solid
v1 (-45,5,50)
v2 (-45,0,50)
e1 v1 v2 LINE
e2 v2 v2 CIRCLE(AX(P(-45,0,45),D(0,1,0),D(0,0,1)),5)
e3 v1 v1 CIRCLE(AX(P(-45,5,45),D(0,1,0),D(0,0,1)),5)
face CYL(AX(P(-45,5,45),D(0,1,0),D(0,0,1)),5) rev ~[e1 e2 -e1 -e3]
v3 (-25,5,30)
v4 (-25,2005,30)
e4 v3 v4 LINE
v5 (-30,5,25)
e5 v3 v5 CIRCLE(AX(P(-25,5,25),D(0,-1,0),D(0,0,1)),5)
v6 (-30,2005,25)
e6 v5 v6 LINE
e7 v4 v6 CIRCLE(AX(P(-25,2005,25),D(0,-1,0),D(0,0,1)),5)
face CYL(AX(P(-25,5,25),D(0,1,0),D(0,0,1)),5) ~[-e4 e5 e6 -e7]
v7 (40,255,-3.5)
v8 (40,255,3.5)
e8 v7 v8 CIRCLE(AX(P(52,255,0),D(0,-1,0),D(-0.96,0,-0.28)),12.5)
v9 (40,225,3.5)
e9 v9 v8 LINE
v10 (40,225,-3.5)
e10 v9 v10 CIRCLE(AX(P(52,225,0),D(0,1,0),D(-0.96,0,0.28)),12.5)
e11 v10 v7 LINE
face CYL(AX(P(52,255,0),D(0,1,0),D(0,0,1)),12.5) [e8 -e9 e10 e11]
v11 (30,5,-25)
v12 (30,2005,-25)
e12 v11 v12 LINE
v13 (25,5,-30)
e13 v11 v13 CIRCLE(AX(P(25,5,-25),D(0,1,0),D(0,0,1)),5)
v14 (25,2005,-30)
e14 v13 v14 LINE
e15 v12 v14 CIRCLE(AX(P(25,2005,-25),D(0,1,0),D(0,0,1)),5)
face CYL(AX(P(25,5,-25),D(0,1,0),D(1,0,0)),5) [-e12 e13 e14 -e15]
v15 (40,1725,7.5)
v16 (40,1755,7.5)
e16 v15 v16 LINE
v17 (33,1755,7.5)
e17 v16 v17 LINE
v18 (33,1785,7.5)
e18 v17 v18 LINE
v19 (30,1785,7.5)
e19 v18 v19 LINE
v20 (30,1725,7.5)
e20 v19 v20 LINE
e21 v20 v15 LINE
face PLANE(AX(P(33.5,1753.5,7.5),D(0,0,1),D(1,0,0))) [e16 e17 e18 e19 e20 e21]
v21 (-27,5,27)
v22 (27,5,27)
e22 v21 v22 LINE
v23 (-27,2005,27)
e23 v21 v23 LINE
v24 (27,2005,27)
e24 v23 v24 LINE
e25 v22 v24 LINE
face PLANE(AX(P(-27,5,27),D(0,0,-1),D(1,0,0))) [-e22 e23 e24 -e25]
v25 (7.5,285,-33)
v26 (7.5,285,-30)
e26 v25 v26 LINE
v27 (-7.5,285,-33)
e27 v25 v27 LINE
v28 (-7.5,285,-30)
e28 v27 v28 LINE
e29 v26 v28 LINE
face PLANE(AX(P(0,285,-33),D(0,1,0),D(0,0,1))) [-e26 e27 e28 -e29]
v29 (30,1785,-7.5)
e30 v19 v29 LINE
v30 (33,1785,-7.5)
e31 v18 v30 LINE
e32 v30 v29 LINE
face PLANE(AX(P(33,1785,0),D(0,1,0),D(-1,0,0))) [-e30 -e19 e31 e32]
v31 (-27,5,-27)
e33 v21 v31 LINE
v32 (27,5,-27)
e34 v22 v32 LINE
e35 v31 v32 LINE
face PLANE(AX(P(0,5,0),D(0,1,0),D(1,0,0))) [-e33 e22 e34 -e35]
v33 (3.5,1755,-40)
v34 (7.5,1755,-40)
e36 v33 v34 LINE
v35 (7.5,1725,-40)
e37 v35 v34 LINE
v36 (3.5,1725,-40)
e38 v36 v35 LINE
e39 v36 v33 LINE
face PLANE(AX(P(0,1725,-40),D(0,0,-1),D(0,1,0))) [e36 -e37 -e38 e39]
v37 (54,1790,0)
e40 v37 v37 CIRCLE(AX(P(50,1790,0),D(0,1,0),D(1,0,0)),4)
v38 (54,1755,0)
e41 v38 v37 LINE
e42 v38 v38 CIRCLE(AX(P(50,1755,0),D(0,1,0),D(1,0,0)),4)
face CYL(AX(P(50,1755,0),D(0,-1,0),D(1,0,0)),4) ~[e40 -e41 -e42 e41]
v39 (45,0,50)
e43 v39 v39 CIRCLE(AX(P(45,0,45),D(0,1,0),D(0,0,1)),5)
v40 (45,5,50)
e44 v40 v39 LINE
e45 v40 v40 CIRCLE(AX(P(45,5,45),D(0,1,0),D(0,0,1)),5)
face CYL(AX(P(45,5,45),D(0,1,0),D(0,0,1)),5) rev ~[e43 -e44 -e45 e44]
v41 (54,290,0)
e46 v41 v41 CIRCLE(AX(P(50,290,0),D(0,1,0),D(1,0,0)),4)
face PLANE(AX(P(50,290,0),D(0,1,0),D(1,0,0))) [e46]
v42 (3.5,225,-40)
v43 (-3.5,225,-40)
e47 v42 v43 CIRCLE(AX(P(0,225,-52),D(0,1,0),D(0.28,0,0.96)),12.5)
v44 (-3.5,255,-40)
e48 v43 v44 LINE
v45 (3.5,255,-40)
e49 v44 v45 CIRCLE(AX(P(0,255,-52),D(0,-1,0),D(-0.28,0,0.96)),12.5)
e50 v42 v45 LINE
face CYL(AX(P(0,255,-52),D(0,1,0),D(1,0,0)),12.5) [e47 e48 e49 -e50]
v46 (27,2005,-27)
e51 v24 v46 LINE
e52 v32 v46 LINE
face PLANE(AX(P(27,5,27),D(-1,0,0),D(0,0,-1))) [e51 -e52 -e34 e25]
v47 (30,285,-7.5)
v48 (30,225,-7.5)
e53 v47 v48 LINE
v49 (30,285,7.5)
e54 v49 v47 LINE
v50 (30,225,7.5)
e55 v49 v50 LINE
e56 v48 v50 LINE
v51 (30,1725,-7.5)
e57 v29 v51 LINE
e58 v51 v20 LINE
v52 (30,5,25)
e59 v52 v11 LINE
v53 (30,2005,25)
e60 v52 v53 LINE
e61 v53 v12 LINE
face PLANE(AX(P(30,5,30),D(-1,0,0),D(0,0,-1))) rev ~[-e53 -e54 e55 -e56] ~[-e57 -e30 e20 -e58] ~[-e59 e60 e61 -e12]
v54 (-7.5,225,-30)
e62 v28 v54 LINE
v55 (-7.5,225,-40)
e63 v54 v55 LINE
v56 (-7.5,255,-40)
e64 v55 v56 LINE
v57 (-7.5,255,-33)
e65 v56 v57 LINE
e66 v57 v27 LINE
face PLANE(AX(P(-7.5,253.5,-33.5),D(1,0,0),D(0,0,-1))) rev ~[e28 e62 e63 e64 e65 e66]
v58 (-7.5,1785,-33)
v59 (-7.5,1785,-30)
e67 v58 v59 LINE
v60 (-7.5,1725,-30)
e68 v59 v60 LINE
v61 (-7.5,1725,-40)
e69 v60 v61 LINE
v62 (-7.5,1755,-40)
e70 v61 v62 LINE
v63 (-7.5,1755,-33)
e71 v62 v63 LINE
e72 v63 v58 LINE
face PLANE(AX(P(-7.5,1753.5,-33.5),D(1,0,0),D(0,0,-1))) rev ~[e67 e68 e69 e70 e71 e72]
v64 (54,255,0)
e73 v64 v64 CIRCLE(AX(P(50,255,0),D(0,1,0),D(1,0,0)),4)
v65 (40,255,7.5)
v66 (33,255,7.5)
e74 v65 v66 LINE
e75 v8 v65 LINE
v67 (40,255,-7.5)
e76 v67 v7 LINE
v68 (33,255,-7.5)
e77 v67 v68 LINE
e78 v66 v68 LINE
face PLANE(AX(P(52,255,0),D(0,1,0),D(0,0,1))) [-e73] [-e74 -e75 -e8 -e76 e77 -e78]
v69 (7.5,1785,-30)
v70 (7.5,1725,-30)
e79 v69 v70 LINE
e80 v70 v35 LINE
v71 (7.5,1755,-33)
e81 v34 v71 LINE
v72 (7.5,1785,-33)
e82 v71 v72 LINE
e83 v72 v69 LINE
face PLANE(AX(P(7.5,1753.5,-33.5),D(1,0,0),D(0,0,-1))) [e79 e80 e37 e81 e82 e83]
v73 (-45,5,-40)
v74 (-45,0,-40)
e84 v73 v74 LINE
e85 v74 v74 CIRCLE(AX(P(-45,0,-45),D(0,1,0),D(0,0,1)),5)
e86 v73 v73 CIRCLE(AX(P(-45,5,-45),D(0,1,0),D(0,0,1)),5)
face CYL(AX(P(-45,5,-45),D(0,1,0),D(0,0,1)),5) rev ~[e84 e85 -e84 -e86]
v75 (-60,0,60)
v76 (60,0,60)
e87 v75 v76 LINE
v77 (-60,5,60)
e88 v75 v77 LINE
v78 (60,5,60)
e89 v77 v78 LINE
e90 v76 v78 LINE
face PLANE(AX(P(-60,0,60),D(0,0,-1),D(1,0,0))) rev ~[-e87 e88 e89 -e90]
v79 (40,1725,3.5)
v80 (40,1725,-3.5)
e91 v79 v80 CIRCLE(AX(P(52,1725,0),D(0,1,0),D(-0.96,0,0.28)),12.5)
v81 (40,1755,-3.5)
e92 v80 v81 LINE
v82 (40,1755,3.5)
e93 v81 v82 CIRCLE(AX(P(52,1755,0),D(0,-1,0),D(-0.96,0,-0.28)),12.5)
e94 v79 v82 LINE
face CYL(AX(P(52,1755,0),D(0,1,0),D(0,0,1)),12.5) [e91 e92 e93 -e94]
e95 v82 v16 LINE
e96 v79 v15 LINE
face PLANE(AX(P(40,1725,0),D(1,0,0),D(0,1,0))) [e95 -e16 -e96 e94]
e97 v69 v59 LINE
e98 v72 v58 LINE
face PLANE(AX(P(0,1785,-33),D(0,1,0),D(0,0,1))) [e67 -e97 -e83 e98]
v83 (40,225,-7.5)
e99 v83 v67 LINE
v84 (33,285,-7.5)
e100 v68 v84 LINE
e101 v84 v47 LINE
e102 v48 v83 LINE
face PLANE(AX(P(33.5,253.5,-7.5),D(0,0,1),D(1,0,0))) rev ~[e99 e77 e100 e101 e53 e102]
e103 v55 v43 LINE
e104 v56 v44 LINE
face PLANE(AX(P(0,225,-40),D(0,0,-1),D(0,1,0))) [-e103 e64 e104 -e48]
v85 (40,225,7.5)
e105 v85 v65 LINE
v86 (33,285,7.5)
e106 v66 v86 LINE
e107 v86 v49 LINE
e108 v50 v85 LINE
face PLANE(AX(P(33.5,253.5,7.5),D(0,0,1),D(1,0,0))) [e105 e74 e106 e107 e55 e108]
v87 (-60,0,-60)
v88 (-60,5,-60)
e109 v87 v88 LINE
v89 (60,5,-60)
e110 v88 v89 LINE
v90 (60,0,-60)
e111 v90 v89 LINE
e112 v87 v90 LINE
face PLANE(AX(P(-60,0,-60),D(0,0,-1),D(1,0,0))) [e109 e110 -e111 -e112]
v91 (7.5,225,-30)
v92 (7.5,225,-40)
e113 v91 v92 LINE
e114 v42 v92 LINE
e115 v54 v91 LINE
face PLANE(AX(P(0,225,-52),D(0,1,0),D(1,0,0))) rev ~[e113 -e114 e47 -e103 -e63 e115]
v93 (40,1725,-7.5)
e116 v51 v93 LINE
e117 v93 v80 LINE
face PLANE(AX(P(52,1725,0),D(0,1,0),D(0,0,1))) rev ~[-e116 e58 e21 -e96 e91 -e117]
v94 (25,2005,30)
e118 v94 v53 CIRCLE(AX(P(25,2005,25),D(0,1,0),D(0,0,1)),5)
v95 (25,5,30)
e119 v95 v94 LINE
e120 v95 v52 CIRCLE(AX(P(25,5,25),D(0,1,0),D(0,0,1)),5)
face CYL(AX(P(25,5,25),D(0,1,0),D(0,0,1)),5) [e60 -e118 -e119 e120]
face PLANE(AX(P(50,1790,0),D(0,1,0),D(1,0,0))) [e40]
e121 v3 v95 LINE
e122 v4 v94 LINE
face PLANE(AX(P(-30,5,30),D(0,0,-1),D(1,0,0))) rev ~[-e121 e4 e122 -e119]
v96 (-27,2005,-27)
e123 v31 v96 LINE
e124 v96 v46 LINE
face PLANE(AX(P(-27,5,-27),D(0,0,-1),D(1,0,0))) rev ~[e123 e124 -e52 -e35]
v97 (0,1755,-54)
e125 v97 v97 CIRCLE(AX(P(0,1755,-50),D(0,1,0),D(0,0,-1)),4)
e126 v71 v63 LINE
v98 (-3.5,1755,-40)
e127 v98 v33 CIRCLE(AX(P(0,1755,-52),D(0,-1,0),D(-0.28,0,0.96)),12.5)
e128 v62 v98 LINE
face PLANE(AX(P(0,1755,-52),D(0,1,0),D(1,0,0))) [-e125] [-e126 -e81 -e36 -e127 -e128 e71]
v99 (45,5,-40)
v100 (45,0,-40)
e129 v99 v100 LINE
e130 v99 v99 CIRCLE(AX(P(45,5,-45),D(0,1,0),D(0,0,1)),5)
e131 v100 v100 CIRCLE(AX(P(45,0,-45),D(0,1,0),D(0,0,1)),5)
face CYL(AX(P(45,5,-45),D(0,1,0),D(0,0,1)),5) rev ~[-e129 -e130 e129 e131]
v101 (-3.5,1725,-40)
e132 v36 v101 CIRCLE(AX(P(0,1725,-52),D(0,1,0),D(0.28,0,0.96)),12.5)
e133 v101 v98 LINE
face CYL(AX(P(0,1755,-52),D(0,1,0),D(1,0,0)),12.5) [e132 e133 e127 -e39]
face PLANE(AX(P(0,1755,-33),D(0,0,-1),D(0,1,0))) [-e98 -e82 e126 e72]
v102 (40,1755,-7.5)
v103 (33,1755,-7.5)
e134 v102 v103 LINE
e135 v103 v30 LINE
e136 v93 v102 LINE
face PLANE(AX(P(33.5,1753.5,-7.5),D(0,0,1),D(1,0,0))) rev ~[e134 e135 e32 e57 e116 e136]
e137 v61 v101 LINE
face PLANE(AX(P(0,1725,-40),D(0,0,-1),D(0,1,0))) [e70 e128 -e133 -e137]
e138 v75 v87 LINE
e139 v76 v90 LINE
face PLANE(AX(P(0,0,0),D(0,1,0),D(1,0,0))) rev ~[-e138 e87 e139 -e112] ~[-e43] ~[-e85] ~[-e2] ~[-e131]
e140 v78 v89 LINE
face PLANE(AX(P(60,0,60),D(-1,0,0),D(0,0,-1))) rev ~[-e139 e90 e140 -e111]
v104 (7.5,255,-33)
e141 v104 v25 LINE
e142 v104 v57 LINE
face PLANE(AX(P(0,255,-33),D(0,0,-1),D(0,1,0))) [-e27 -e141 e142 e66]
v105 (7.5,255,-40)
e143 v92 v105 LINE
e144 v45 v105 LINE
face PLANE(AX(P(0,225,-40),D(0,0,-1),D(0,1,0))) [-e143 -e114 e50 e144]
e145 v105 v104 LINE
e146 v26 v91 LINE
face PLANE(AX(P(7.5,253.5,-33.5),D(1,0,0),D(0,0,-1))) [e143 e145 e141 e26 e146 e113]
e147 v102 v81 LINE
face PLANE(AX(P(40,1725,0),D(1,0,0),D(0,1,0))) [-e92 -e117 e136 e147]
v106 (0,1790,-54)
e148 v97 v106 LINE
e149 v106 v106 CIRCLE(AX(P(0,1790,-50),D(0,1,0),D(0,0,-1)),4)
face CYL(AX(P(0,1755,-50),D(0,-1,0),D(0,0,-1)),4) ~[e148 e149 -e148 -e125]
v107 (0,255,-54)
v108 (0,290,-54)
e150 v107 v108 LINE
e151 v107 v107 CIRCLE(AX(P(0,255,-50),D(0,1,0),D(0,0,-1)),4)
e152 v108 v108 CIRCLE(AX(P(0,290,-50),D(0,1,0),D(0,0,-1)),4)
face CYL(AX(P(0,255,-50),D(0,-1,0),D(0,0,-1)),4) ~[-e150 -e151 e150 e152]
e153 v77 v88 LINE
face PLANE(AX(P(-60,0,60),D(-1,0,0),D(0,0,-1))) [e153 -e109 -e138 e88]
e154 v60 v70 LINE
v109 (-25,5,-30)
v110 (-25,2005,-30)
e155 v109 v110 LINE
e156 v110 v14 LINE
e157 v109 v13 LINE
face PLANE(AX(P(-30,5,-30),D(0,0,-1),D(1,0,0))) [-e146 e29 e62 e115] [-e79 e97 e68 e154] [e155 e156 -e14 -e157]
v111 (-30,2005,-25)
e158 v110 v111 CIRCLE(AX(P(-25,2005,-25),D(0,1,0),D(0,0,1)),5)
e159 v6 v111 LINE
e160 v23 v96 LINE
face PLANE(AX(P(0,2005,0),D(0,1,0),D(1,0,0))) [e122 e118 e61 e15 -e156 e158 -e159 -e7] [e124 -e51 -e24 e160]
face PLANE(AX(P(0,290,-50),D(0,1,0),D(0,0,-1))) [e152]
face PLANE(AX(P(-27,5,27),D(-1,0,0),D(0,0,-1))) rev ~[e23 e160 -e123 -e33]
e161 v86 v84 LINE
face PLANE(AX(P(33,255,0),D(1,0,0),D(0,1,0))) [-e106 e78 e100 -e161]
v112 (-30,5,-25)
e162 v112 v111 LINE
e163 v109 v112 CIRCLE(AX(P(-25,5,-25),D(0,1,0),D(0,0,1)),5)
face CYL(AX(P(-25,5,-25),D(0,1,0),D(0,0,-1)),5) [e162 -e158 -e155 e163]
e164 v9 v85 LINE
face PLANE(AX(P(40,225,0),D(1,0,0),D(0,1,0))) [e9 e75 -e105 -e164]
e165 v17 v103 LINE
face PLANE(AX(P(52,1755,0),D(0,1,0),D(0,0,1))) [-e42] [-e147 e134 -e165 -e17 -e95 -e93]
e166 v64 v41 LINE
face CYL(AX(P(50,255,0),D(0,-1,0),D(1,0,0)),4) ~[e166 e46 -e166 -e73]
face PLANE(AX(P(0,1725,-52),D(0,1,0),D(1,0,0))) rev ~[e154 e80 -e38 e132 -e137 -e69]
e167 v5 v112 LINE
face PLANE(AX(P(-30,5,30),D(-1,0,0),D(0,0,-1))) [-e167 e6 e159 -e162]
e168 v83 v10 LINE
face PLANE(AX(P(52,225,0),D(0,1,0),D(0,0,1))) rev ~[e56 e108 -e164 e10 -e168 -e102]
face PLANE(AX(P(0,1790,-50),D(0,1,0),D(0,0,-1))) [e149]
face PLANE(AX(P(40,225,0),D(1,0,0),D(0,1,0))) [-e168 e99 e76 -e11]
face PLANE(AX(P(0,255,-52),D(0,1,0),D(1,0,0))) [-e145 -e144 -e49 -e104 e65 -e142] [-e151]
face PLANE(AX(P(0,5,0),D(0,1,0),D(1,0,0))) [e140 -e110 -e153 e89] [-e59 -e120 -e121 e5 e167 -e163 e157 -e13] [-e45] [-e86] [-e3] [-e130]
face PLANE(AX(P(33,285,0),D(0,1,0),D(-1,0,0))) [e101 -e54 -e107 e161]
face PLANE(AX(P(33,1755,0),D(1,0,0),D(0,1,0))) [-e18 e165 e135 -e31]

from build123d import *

# Parameters (mm, degrees)
SKETCH_1_W                         = 120
SKETCH_1_H                         = 120
EXTRUDE_1_DEPTH                    = 5
SKETCH_2_W                         = 60
SKETCH_2_H                         = 60
SKETCH_2_W_2                       = 54
SKETCH_2_H_2                       = 54
EXTRUDE_2_DEPTH                    = 2000
FILLET_1_R                         = 5
SKETCH_3_R                         = 5
CUT_EXTRUDE_1_DEPTH                = 2000
EXTRUDE_5_DEPTH                    = 7.5
PATTERN_LINEAR_1_COUNT             = 2
PATTERN_LINEAR_1_PITCH             = 1500
SKETCH_7_R                         = 12.5
EXTRUDE_6_DEPTH                    = 30
SKETCH_8_R                         = 4
EXTRUDE_7_DEPTH                    = 35
PATTERN_LINEAR_2_COUNT             = 2
PATTERN_LINEAR_2_PITCH             = 1500
PATTERN_CIRCULAR_2_COUNT           = 2
PATTERN_CIRCULAR_2_ANGLE           = 90
PATTERN_CIRCULAR_2_COPY_1_DEPTH    = 7.5
PATTERN_CIRCULAR_2_COPY_2_SKETCH_R = 12.5
PATTERN_CIRCULAR_2_COPY_2_DEPTH    = 30
PATTERN_CIRCULAR_2_COPY_3_SKETCH_R = 4
PATTERN_CIRCULAR_2_COPY_3_DEPTH    = 35


with BuildPart() as part:
    # 草图1 → 凸台-拉伸1 (new body)
    with BuildSketch(Plane(origin=(0, 0, 0), x_dir=(1, 0, 0), z_dir=(0, 1, 0))):
        Rectangle(SKETCH_1_W, SKETCH_1_H)
    extrude(amount=EXTRUDE_1_DEPTH)

    # 草图2 → 凸台-拉伸2 (add)
    with BuildSketch(Plane(origin=(0, 5, 0), x_dir=(1, 0, 0), z_dir=(0, 1, 0))):
        Rectangle(SKETCH_2_W, SKETCH_2_H)
        Rectangle(SKETCH_2_W_2, SKETCH_2_H_2, mode=Mode.SUBTRACT)
    extrude(amount=EXTRUDE_2_DEPTH)

    # 圆角1
    fillet_1_edges = [part.edges().sort_by_distance(p)[0] for p in [
        (-30, 1005, 30),
        (30, 1005, 30),
        (-30, 1005, -30),
        (30, 1005, -30),
    ]]
    fillet(fillet_1_edges, radius=FILLET_1_R)

    # 草图3 → 切除-拉伸1 (cut)
    with BuildSketch(Plane(origin=(0, 5, 0), x_dir=(1, 0, 0), z_dir=(0, 1, 0))):
        with Locations((-45, 45)):
            Circle(SKETCH_3_R)
        with Locations((45, 45)):
            Circle(SKETCH_3_R)
        with Locations((-45, -45)):
            Circle(SKETCH_3_R)
        with Locations((45, -45)):
            Circle(SKETCH_3_R)
    extrude(amount=-CUT_EXTRUDE_1_DEPTH, mode=Mode.SUBTRACT)

    # 草图6 → 凸台-拉伸5 (add, symmetric)
    with BuildSketch(Plane(origin=(0, 0, 0), x_dir=(0, 0, -1), z_dir=(1, 0, 0))):
        Polygon((30, 1785), (30, 1725), (40, 1725), (40, 1755), (33, 1755), (33, 1785), align=None)
    extrude_5 = extrude(amount=EXTRUDE_5_DEPTH, both=True)

    # 阵列(线性)1: 凸台-拉伸5 ×2
    with Locations(*[(0, -i * PATTERN_LINEAR_1_PITCH, 0) for i in range(1, PATTERN_LINEAR_1_COUNT)]):
        add(extrude_5)

    # 草图7 → 凸台-拉伸6 (add)
    with BuildSketch(Plane(origin=(0, 1755, 0), x_dir=(1, 0, 0), z_dir=(0, 1, 0))):
        with Locations((0, 52)):
            Circle(SKETCH_7_R)
    extrude_6 = extrude(amount=-EXTRUDE_6_DEPTH)

    # 草图8 → 凸台-拉伸7 (add)
    with BuildSketch(Plane(origin=(0, 1755, 0), x_dir=(1, 0, 0), z_dir=(0, 1, 0))):
        with Locations((0, 50)):
            Circle(SKETCH_8_R)
    extrude_7 = extrude(amount=EXTRUDE_7_DEPTH)

    # 阵列(线性)2: 凸台-拉伸6, 凸台-拉伸7 ×2
    with Locations(*[(0, -i * PATTERN_LINEAR_2_PITCH, 0) for i in range(1, PATTERN_LINEAR_2_COUNT)]):
        add(extrude_6)
        add(extrude_7)

    # 阵列(圆周)2: 凸台-拉伸5, 凸台-拉伸6, 凸台-拉伸7 ×2 about axis
    pattern_circular_2_axis = Axis((0, 2105, 0), (0, -1, 0))
    add([extrude_5.rotate(pattern_circular_2_axis, i * PATTERN_CIRCULAR_2_ANGLE / (PATTERN_CIRCULAR_2_COUNT - 1)) for i in range(1, PATTERN_CIRCULAR_2_COUNT)])
    add([extrude_6.rotate(pattern_circular_2_axis, i * PATTERN_CIRCULAR_2_ANGLE / (PATTERN_CIRCULAR_2_COUNT - 1)) for i in range(1, PATTERN_CIRCULAR_2_COUNT)])
    add([extrude_7.rotate(pattern_circular_2_axis, i * PATTERN_CIRCULAR_2_ANGLE / (PATTERN_CIRCULAR_2_COUNT - 1)) for i in range(1, PATTERN_CIRCULAR_2_COUNT)])

    # 阵列(圆周)2 copy 1 sketch → 阵列(圆周)2 copy 1 (add, symmetric)
    with BuildSketch(Plane(origin=(0, -1500, 0), x_dir=(1, 0, 0), z_dir=(0, 0, 1))):
        Polygon((30, 1785), (30, 1725), (40, 1725), (40, 1755), (33, 1755), (33, 1785), align=None)
    extrude(amount=PATTERN_CIRCULAR_2_COPY_1_DEPTH, both=True)

    # 阵列(圆周)2 copy 2 sketch → 阵列(圆周)2 copy 2 (add)
    with BuildSketch(Plane.ZX.offset(255)):
        with Locations((0, 52)):
            Circle(PATTERN_CIRCULAR_2_COPY_2_SKETCH_R)
    extrude(amount=-PATTERN_CIRCULAR_2_COPY_2_DEPTH)

    # 阵列(圆周)2 copy 3 sketch → 阵列(圆周)2 copy 3 (add)
    with BuildSketch(Plane.ZX.offset(255)):
        with Locations((0, 50)):
            Circle(PATTERN_CIRCULAR_2_COPY_3_SKETCH_R)
    extrude(amount=PATTERN_CIRCULAR_2_COPY_3_DEPTH)


solid = part.part
